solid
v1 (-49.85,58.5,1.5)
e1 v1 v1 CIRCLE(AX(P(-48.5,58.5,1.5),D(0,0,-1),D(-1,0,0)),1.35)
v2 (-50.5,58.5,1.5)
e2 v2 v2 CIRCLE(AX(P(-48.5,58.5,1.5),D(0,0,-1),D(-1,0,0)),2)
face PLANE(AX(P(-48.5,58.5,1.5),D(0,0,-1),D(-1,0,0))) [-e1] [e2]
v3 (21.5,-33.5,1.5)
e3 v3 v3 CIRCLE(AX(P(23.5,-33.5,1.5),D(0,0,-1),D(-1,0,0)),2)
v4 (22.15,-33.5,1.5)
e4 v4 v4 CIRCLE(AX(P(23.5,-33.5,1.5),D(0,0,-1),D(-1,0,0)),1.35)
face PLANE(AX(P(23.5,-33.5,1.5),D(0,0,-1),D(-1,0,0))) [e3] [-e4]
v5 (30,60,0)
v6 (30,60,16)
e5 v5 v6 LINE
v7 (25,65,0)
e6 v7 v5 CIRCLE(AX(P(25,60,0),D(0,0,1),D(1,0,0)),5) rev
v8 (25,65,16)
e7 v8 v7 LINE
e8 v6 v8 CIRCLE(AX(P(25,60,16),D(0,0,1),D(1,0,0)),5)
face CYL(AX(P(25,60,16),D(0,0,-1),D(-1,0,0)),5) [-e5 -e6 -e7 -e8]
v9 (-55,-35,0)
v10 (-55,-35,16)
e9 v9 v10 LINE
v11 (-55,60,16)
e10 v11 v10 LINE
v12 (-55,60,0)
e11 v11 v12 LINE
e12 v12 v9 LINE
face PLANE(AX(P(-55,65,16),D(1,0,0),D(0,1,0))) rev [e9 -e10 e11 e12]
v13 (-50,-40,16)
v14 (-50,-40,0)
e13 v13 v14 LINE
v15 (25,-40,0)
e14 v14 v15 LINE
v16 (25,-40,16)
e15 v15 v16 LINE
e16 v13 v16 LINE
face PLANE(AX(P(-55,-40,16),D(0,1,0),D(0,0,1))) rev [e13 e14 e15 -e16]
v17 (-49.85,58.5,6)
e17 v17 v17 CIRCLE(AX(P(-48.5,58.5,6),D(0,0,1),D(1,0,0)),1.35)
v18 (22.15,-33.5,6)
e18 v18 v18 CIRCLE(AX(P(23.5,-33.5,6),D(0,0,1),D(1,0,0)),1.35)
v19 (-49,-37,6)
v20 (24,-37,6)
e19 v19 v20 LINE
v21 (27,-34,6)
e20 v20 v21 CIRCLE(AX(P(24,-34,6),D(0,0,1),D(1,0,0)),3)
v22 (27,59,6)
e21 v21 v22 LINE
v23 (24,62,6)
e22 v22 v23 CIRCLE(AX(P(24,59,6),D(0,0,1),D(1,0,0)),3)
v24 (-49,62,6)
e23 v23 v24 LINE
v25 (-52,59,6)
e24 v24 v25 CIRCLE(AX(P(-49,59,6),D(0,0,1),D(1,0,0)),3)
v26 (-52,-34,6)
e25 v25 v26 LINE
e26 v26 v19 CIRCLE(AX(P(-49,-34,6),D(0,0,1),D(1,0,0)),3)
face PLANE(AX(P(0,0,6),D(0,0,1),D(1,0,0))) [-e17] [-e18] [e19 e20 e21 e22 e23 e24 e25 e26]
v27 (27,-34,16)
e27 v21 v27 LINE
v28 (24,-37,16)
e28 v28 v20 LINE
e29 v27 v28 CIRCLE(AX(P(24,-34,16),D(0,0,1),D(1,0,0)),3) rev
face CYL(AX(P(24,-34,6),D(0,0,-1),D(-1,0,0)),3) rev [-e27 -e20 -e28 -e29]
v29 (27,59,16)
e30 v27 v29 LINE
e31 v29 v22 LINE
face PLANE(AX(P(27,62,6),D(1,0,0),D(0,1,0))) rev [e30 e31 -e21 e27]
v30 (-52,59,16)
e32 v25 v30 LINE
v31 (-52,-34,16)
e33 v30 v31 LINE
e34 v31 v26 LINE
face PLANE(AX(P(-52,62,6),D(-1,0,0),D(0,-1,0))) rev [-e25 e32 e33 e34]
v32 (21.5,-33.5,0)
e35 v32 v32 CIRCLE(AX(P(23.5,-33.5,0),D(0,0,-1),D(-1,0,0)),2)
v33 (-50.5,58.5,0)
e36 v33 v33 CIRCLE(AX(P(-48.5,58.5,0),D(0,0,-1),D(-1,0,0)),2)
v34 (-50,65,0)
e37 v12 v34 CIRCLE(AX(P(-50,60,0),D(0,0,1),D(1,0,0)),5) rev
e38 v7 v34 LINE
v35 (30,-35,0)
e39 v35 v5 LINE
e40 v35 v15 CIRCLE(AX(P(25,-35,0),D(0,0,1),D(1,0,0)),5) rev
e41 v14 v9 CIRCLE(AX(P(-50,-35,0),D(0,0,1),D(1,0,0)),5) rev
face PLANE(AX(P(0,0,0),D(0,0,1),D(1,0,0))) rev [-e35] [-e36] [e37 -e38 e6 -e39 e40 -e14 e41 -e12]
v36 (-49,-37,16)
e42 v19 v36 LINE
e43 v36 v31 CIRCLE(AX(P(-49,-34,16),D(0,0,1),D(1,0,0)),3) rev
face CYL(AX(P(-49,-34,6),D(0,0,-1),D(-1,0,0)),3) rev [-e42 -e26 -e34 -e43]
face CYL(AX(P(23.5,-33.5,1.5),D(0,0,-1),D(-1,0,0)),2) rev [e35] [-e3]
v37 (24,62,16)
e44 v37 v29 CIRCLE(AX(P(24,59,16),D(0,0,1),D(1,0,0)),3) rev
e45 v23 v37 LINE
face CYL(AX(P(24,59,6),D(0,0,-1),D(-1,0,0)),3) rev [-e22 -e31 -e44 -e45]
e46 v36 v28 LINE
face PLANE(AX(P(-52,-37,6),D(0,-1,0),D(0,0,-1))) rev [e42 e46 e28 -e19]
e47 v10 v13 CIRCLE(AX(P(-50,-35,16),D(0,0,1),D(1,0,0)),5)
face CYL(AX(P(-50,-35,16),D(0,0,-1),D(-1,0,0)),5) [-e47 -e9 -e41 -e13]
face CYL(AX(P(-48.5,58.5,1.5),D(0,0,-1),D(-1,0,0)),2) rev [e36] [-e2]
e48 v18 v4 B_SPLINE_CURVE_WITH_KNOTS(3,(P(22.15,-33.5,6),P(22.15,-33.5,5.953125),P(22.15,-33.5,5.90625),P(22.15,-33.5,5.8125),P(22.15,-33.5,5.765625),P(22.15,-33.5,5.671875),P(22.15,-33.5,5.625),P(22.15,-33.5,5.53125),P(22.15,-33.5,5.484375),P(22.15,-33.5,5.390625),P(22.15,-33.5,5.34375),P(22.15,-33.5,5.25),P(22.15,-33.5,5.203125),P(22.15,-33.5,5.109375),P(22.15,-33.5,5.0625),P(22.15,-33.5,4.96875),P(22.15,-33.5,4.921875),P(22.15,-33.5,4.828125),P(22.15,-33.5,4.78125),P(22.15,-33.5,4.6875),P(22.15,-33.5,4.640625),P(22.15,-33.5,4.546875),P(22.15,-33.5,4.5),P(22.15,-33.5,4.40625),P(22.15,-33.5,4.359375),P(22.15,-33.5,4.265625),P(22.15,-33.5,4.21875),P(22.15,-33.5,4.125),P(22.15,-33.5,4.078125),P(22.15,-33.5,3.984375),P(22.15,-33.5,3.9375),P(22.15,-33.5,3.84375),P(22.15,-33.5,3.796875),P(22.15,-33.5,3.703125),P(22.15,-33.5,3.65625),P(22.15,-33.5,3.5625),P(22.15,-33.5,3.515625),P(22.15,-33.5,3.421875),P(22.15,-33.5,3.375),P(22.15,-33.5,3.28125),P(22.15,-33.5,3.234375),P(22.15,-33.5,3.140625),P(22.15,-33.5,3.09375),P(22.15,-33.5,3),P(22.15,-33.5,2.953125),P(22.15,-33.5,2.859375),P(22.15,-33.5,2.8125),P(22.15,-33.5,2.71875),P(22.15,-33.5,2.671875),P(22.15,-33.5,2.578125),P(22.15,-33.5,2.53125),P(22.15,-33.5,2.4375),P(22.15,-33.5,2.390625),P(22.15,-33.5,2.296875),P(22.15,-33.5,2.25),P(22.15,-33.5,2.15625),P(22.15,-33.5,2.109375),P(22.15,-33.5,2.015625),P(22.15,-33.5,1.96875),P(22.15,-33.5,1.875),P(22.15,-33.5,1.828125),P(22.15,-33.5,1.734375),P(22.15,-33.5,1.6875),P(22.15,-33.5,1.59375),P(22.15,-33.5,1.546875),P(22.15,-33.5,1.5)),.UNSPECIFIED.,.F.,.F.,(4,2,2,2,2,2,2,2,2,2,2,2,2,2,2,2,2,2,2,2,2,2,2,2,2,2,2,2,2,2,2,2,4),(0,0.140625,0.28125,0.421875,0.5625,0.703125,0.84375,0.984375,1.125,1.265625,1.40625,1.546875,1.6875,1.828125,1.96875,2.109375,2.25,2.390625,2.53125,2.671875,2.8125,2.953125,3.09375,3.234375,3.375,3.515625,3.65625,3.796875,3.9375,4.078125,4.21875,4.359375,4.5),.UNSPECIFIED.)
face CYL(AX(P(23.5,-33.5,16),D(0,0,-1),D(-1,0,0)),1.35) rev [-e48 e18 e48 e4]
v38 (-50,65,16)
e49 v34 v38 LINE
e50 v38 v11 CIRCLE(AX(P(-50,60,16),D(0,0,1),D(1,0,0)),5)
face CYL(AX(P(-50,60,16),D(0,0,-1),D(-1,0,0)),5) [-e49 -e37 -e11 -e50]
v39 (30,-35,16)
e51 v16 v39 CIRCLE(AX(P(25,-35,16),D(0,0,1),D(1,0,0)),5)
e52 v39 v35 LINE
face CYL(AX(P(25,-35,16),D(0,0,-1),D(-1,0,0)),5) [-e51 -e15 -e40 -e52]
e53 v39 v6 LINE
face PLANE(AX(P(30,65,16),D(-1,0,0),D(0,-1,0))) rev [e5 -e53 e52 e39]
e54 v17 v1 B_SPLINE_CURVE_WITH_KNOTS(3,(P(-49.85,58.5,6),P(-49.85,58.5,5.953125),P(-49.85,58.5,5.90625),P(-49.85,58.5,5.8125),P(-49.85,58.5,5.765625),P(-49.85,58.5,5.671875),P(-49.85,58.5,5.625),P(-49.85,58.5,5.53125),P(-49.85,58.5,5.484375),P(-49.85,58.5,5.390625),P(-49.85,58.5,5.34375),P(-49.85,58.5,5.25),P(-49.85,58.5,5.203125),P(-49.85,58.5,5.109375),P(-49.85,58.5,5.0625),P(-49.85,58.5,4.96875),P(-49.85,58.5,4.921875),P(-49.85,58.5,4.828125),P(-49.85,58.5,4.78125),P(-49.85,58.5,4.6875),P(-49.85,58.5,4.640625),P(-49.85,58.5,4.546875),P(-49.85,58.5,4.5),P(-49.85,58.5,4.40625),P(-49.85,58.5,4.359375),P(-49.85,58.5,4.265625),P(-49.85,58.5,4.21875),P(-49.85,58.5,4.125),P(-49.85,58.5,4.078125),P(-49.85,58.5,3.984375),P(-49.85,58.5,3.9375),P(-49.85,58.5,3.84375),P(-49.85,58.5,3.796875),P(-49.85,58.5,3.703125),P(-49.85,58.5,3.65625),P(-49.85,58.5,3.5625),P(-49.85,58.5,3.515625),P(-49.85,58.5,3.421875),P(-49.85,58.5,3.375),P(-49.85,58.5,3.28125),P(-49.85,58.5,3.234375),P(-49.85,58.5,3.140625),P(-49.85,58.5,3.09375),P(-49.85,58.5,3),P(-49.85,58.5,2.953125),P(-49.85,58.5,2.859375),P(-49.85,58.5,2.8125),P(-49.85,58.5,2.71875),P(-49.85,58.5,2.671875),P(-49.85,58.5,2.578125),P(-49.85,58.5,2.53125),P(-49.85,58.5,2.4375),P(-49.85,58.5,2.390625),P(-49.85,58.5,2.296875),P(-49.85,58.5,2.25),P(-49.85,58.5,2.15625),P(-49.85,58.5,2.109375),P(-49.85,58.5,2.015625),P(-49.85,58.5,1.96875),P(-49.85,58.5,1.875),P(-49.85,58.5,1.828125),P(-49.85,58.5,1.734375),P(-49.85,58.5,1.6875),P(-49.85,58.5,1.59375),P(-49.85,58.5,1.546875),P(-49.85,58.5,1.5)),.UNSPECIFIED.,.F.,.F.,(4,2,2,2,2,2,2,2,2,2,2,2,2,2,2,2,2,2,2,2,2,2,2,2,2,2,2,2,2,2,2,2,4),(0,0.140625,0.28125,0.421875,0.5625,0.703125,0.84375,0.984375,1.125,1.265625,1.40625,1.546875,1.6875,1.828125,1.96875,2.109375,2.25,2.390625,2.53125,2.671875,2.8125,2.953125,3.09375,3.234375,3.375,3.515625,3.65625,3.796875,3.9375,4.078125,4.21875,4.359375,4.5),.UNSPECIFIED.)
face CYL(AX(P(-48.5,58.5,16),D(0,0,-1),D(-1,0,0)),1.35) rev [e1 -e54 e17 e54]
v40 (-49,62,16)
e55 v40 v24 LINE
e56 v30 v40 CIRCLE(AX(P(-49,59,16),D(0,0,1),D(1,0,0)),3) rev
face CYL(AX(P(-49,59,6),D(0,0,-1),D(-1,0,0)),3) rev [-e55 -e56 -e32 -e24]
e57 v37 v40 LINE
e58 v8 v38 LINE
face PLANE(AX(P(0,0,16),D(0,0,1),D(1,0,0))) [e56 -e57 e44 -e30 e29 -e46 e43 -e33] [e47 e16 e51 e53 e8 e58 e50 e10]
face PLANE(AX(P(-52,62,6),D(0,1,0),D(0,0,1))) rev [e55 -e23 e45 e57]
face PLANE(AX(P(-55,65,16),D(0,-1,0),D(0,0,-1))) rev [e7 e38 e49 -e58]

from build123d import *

# Parameters (mm, degrees)
SKETCH1_W           = 85
SKETCH1_H           = 105
BOSS_EXTRUDE1_DEPTH = 16
SKETCH2_W           = 79
SKETCH2_H           = 99
CUT_EXTRUDE1_DEPTH  = 10
FILLET1_R           = 5
SKETCH3_R           = 2
CUT_EXTRUDE2_DEPTH  = 1.5
SKETCH4_R           = 1.35
CUT_EXTRUDE3_DEPTH  = 87.372738755
FILLET2_R           = 3


with BuildPart() as part:
    # Sketch1 → Boss-Extrude1 (new body)
    with BuildSketch(Plane.XY):
        with Locations((-12.5, 12.5)):
            Rectangle(SKETCH1_W, SKETCH1_H)
    extrude(amount=BOSS_EXTRUDE1_DEPTH)

    # Sketch2 → Cut-Extrude1 (cut)
    with BuildSketch(Plane.XY.offset(16)):
        with Locations((-12.5, 12.5)):
            Rectangle(SKETCH2_W, SKETCH2_H)
    extrude(amount=-CUT_EXTRUDE1_DEPTH, mode=Mode.SUBTRACT)

    # Fillet1
    fillet1_edges = [part.edges().sort_by_distance(p)[0] for p in [
        (-55, 65, 8),
        (30, 65, 8),
        (30, -40, 8),
        (-55, -40, 8),
    ]]
    fillet(fillet1_edges, radius=FILLET1_R)

    # Sketch3 → Cut-Extrude2 (cut)
    with BuildSketch(Plane(origin=(0, 0, 0), x_dir=(-1, 0, 0), z_dir=(0, 0, -1))):
        with Locations((48.5, 58.5)):
            Circle(SKETCH3_R)
        with Locations((-23.5, -33.5)):
            Circle(SKETCH3_R)
    extrude(amount=-CUT_EXTRUDE2_DEPTH, mode=Mode.SUBTRACT)

    # Sketch4 → Cut-Extrude3 (cut, through all)
    with BuildSketch(Plane(origin=(0, 0, 1.5), x_dir=(-1, 0, 0), z_dir=(0, 0, -1))):
        with Locations((48.5, 58.5)):
            Circle(SKETCH4_R)
        with Locations((-23.5, -33.5)):
            Circle(SKETCH4_R)
    extrude(amount=-CUT_EXTRUDE3_DEPTH, mode=Mode.SUBTRACT)

    # Fillet2
    fillet2_edges = [part.edges().sort_by_distance(p)[0] for p in [
        (-52, -37, 11),
        (-52, 62, 11),
        (27, 62, 11),
        (27, -37, 11),
    ]]
    fillet(fillet2_edges, radius=FILLET2_R)


solid = part.part
